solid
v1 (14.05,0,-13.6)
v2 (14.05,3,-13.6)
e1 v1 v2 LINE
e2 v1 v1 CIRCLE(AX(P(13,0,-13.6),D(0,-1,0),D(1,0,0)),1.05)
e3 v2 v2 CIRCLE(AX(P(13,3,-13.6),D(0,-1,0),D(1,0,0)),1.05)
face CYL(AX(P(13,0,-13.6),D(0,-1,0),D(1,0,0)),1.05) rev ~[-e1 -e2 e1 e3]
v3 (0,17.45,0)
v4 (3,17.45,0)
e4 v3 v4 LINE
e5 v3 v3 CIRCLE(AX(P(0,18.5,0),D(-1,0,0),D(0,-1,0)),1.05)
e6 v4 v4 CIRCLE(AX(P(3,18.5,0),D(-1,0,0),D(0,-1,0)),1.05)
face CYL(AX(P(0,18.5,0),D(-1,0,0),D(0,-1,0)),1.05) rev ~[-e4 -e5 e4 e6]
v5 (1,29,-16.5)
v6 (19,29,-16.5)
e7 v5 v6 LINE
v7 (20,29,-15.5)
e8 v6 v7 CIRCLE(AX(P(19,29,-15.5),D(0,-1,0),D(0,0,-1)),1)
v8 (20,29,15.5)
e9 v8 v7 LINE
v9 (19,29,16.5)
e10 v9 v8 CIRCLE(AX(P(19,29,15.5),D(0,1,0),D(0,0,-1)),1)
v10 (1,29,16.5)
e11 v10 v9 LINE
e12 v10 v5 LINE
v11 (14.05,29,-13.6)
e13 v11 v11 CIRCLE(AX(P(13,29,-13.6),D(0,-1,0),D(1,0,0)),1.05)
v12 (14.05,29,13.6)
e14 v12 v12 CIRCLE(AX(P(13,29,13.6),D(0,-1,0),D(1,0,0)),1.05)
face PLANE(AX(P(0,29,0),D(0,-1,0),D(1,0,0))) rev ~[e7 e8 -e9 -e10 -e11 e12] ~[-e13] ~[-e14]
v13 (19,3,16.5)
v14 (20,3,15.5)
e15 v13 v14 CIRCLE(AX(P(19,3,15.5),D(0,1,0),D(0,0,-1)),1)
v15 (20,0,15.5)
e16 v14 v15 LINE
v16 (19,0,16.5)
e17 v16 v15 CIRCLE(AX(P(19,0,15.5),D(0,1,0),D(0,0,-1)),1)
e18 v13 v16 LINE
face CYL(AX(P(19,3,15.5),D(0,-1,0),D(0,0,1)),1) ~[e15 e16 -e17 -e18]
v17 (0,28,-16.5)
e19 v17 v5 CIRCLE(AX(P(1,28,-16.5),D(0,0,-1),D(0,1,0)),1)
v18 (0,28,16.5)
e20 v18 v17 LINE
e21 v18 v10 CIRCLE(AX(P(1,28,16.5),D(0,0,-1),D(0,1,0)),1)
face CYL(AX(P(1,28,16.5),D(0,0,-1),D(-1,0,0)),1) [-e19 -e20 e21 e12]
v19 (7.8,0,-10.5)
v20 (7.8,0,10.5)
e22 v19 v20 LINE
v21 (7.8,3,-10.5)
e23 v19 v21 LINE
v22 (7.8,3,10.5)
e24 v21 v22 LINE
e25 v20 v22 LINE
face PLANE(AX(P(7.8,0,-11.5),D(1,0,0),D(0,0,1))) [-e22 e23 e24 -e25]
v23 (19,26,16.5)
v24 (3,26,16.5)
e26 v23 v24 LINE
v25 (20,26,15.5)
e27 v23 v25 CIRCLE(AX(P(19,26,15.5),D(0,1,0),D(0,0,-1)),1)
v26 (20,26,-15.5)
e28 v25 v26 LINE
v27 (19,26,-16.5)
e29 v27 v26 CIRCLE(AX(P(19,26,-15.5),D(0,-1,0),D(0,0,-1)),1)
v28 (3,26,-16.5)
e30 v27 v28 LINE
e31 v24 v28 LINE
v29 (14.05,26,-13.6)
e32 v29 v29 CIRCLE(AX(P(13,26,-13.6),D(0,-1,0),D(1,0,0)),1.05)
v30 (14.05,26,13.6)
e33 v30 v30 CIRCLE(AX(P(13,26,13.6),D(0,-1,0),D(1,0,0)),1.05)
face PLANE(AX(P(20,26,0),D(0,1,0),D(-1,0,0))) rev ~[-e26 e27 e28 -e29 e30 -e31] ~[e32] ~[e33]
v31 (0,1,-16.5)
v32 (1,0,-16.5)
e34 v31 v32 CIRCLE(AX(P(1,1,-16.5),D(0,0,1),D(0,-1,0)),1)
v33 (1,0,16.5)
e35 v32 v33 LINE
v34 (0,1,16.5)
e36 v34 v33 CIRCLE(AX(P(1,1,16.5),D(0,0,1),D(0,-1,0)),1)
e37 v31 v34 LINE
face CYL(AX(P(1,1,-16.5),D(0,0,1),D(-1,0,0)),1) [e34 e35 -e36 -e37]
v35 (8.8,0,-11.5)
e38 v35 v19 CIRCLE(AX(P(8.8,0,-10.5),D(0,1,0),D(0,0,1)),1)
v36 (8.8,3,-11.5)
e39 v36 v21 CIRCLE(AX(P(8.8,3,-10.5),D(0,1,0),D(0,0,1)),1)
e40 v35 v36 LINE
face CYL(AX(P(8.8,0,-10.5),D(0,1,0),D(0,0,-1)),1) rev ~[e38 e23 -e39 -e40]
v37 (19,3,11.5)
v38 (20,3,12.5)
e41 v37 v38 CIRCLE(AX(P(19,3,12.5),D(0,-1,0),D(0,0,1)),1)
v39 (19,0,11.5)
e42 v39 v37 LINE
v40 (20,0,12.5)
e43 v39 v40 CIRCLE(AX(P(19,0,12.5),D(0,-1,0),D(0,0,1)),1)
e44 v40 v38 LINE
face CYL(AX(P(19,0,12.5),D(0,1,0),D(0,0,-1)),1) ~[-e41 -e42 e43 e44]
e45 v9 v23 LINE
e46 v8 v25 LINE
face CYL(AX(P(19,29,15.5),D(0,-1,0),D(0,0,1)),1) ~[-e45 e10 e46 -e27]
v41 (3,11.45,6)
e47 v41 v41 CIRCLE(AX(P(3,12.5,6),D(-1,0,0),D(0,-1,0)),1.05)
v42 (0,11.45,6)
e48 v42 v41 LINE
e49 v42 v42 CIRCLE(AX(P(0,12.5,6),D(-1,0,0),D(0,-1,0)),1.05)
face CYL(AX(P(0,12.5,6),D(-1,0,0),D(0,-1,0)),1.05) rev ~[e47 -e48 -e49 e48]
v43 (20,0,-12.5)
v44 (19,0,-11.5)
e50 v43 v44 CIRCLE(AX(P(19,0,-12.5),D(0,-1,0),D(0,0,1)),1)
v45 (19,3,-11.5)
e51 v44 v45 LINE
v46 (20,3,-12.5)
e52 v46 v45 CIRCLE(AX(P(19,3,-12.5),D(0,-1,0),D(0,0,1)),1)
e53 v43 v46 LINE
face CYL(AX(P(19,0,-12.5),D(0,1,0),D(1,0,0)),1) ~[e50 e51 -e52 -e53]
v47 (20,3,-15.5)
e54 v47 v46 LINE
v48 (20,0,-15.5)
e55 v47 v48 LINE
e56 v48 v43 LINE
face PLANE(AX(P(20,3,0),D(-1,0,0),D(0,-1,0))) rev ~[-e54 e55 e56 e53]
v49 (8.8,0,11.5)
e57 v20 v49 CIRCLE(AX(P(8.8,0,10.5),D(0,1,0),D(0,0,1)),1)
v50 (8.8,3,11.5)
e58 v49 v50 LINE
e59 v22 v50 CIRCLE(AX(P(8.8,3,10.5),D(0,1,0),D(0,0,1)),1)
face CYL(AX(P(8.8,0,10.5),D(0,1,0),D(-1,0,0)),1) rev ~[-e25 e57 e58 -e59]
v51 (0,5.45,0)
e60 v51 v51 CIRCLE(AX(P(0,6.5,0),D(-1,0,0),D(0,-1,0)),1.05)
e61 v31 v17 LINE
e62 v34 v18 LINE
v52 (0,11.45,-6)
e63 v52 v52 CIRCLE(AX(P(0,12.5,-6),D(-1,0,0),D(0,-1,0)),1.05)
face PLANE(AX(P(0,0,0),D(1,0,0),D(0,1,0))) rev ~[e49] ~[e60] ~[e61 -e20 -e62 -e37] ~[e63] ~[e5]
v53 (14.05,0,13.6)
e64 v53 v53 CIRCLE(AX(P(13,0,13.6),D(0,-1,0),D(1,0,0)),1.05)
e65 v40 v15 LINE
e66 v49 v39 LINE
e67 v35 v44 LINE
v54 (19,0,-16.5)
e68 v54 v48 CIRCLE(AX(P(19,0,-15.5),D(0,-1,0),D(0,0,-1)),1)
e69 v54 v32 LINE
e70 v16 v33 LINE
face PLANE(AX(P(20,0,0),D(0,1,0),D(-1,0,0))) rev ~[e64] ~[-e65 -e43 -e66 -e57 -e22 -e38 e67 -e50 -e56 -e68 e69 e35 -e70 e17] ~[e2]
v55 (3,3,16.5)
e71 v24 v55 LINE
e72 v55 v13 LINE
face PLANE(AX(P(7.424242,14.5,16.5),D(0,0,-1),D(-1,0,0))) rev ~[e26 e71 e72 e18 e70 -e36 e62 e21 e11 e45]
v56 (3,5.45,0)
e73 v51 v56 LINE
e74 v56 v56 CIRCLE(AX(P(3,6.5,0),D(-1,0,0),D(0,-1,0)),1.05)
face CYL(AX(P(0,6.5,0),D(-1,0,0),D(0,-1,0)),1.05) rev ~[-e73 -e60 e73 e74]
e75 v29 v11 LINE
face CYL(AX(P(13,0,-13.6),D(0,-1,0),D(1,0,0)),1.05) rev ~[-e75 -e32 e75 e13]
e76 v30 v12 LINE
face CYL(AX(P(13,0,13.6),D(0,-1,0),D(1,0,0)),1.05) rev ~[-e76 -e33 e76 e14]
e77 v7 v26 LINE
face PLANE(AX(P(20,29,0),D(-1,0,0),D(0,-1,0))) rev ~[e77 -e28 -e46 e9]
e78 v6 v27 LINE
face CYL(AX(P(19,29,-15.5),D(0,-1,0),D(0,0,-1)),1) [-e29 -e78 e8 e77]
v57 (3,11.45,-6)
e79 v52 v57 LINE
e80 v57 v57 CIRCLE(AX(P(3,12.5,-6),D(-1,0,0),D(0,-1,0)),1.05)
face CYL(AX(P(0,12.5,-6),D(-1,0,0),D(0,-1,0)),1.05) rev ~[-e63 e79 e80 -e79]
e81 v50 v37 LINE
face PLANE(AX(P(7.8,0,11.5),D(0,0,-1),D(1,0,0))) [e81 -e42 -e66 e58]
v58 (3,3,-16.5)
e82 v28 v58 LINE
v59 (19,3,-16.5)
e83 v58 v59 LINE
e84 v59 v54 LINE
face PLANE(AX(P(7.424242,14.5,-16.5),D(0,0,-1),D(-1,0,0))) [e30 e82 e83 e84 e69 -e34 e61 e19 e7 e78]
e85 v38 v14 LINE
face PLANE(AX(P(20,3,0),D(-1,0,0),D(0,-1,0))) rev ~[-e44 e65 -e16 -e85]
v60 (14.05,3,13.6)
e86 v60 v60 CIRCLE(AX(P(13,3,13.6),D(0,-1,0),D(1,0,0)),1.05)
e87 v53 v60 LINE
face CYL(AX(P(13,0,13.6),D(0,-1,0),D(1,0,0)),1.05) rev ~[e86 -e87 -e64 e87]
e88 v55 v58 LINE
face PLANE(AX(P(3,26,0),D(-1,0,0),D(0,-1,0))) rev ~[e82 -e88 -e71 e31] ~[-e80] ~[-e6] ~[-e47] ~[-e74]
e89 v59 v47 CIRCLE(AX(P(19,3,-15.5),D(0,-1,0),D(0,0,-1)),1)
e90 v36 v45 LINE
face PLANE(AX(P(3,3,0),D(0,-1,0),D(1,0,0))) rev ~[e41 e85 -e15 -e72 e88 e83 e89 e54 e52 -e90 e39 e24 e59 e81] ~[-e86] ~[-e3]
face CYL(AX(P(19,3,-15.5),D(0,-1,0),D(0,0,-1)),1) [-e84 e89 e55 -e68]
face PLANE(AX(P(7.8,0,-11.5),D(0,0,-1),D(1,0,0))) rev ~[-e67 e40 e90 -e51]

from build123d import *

# Parameters (mm, degrees)
PAD_DEPTH       = 16.5
SKETCH001_R     = 1.05
POCKET_DEPTH    = 33
SKETCH002_W     = 12.2
SKETCH002_H     = 23
POCKET001_DEPTH = 5
SKETCH003_R     = 1.05
POCKET002_DEPTH = 5
FILLET_R        = 1


with BuildPart() as part:
    # Sketch → Pad (new body, symmetric)
    with BuildSketch(Plane.XY):
        Polygon((0, 0), (0, 29), (20, 29), (20, 26), (3, 26), (3, 3), (20, 3), (20, 0), align=None)
    extrude(amount=PAD_DEPTH, both=True)

    # Sketch001 → Pocket (cut)
    with BuildSketch(Plane.XZ):
        with Locations((13, 13.6)):
            Circle(SKETCH001_R)
        with Locations((13, -13.6)):
            Circle(SKETCH001_R)
    extrude(amount=-POCKET_DEPTH, mode=Mode.SUBTRACT)

    # Sketch002 (on Face2 of Pocket) → Pocket001 (cut)
    with BuildSketch(Plane.XZ):
        with Locations((13.9, 0)):
            Rectangle(SKETCH002_W, SKETCH002_H)
    extrude(amount=-POCKET001_DEPTH, mode=Mode.SUBTRACT)

    # Sketch003 (on Face1 of Pocket001) → Pocket002 (cut)
    with BuildSketch(Plane(origin=(0, 0, 0), x_dir=(0, -1, 0), z_dir=(-1, 0, 0))):
        with Locations((-12.5, 6)):
            Circle(SKETCH003_R)
        with Locations((-12.5, -6)):
            Circle(SKETCH003_R)
        with Locations((-6.5, 0)):
            Circle(SKETCH003_R)
        with Locations((-18.5, 0)):
            Circle(SKETCH003_R)
    extrude(amount=-POCKET002_DEPTH, mode=Mode.SUBTRACT)

    # Fillet
    fillet_edges = [part.edges().sort_by_distance(p)[0] for p in [
        (20, 27.5, 16.5),
        (20, 27.5, -16.5),
        (20, 1.5, 16.5),
        (20, 1.5, -16.5),
        (0, 0, 0),
        (0, 29, 0),
        (20, 1.5, -11.5),
        (20, 1.5, 11.5),
        (7.8, 1.5, -11.5),
        (7.8, 1.5, 11.5),
    ]]
    fillet(fillet_edges, radius=FILLET_R)


solid = part.part
